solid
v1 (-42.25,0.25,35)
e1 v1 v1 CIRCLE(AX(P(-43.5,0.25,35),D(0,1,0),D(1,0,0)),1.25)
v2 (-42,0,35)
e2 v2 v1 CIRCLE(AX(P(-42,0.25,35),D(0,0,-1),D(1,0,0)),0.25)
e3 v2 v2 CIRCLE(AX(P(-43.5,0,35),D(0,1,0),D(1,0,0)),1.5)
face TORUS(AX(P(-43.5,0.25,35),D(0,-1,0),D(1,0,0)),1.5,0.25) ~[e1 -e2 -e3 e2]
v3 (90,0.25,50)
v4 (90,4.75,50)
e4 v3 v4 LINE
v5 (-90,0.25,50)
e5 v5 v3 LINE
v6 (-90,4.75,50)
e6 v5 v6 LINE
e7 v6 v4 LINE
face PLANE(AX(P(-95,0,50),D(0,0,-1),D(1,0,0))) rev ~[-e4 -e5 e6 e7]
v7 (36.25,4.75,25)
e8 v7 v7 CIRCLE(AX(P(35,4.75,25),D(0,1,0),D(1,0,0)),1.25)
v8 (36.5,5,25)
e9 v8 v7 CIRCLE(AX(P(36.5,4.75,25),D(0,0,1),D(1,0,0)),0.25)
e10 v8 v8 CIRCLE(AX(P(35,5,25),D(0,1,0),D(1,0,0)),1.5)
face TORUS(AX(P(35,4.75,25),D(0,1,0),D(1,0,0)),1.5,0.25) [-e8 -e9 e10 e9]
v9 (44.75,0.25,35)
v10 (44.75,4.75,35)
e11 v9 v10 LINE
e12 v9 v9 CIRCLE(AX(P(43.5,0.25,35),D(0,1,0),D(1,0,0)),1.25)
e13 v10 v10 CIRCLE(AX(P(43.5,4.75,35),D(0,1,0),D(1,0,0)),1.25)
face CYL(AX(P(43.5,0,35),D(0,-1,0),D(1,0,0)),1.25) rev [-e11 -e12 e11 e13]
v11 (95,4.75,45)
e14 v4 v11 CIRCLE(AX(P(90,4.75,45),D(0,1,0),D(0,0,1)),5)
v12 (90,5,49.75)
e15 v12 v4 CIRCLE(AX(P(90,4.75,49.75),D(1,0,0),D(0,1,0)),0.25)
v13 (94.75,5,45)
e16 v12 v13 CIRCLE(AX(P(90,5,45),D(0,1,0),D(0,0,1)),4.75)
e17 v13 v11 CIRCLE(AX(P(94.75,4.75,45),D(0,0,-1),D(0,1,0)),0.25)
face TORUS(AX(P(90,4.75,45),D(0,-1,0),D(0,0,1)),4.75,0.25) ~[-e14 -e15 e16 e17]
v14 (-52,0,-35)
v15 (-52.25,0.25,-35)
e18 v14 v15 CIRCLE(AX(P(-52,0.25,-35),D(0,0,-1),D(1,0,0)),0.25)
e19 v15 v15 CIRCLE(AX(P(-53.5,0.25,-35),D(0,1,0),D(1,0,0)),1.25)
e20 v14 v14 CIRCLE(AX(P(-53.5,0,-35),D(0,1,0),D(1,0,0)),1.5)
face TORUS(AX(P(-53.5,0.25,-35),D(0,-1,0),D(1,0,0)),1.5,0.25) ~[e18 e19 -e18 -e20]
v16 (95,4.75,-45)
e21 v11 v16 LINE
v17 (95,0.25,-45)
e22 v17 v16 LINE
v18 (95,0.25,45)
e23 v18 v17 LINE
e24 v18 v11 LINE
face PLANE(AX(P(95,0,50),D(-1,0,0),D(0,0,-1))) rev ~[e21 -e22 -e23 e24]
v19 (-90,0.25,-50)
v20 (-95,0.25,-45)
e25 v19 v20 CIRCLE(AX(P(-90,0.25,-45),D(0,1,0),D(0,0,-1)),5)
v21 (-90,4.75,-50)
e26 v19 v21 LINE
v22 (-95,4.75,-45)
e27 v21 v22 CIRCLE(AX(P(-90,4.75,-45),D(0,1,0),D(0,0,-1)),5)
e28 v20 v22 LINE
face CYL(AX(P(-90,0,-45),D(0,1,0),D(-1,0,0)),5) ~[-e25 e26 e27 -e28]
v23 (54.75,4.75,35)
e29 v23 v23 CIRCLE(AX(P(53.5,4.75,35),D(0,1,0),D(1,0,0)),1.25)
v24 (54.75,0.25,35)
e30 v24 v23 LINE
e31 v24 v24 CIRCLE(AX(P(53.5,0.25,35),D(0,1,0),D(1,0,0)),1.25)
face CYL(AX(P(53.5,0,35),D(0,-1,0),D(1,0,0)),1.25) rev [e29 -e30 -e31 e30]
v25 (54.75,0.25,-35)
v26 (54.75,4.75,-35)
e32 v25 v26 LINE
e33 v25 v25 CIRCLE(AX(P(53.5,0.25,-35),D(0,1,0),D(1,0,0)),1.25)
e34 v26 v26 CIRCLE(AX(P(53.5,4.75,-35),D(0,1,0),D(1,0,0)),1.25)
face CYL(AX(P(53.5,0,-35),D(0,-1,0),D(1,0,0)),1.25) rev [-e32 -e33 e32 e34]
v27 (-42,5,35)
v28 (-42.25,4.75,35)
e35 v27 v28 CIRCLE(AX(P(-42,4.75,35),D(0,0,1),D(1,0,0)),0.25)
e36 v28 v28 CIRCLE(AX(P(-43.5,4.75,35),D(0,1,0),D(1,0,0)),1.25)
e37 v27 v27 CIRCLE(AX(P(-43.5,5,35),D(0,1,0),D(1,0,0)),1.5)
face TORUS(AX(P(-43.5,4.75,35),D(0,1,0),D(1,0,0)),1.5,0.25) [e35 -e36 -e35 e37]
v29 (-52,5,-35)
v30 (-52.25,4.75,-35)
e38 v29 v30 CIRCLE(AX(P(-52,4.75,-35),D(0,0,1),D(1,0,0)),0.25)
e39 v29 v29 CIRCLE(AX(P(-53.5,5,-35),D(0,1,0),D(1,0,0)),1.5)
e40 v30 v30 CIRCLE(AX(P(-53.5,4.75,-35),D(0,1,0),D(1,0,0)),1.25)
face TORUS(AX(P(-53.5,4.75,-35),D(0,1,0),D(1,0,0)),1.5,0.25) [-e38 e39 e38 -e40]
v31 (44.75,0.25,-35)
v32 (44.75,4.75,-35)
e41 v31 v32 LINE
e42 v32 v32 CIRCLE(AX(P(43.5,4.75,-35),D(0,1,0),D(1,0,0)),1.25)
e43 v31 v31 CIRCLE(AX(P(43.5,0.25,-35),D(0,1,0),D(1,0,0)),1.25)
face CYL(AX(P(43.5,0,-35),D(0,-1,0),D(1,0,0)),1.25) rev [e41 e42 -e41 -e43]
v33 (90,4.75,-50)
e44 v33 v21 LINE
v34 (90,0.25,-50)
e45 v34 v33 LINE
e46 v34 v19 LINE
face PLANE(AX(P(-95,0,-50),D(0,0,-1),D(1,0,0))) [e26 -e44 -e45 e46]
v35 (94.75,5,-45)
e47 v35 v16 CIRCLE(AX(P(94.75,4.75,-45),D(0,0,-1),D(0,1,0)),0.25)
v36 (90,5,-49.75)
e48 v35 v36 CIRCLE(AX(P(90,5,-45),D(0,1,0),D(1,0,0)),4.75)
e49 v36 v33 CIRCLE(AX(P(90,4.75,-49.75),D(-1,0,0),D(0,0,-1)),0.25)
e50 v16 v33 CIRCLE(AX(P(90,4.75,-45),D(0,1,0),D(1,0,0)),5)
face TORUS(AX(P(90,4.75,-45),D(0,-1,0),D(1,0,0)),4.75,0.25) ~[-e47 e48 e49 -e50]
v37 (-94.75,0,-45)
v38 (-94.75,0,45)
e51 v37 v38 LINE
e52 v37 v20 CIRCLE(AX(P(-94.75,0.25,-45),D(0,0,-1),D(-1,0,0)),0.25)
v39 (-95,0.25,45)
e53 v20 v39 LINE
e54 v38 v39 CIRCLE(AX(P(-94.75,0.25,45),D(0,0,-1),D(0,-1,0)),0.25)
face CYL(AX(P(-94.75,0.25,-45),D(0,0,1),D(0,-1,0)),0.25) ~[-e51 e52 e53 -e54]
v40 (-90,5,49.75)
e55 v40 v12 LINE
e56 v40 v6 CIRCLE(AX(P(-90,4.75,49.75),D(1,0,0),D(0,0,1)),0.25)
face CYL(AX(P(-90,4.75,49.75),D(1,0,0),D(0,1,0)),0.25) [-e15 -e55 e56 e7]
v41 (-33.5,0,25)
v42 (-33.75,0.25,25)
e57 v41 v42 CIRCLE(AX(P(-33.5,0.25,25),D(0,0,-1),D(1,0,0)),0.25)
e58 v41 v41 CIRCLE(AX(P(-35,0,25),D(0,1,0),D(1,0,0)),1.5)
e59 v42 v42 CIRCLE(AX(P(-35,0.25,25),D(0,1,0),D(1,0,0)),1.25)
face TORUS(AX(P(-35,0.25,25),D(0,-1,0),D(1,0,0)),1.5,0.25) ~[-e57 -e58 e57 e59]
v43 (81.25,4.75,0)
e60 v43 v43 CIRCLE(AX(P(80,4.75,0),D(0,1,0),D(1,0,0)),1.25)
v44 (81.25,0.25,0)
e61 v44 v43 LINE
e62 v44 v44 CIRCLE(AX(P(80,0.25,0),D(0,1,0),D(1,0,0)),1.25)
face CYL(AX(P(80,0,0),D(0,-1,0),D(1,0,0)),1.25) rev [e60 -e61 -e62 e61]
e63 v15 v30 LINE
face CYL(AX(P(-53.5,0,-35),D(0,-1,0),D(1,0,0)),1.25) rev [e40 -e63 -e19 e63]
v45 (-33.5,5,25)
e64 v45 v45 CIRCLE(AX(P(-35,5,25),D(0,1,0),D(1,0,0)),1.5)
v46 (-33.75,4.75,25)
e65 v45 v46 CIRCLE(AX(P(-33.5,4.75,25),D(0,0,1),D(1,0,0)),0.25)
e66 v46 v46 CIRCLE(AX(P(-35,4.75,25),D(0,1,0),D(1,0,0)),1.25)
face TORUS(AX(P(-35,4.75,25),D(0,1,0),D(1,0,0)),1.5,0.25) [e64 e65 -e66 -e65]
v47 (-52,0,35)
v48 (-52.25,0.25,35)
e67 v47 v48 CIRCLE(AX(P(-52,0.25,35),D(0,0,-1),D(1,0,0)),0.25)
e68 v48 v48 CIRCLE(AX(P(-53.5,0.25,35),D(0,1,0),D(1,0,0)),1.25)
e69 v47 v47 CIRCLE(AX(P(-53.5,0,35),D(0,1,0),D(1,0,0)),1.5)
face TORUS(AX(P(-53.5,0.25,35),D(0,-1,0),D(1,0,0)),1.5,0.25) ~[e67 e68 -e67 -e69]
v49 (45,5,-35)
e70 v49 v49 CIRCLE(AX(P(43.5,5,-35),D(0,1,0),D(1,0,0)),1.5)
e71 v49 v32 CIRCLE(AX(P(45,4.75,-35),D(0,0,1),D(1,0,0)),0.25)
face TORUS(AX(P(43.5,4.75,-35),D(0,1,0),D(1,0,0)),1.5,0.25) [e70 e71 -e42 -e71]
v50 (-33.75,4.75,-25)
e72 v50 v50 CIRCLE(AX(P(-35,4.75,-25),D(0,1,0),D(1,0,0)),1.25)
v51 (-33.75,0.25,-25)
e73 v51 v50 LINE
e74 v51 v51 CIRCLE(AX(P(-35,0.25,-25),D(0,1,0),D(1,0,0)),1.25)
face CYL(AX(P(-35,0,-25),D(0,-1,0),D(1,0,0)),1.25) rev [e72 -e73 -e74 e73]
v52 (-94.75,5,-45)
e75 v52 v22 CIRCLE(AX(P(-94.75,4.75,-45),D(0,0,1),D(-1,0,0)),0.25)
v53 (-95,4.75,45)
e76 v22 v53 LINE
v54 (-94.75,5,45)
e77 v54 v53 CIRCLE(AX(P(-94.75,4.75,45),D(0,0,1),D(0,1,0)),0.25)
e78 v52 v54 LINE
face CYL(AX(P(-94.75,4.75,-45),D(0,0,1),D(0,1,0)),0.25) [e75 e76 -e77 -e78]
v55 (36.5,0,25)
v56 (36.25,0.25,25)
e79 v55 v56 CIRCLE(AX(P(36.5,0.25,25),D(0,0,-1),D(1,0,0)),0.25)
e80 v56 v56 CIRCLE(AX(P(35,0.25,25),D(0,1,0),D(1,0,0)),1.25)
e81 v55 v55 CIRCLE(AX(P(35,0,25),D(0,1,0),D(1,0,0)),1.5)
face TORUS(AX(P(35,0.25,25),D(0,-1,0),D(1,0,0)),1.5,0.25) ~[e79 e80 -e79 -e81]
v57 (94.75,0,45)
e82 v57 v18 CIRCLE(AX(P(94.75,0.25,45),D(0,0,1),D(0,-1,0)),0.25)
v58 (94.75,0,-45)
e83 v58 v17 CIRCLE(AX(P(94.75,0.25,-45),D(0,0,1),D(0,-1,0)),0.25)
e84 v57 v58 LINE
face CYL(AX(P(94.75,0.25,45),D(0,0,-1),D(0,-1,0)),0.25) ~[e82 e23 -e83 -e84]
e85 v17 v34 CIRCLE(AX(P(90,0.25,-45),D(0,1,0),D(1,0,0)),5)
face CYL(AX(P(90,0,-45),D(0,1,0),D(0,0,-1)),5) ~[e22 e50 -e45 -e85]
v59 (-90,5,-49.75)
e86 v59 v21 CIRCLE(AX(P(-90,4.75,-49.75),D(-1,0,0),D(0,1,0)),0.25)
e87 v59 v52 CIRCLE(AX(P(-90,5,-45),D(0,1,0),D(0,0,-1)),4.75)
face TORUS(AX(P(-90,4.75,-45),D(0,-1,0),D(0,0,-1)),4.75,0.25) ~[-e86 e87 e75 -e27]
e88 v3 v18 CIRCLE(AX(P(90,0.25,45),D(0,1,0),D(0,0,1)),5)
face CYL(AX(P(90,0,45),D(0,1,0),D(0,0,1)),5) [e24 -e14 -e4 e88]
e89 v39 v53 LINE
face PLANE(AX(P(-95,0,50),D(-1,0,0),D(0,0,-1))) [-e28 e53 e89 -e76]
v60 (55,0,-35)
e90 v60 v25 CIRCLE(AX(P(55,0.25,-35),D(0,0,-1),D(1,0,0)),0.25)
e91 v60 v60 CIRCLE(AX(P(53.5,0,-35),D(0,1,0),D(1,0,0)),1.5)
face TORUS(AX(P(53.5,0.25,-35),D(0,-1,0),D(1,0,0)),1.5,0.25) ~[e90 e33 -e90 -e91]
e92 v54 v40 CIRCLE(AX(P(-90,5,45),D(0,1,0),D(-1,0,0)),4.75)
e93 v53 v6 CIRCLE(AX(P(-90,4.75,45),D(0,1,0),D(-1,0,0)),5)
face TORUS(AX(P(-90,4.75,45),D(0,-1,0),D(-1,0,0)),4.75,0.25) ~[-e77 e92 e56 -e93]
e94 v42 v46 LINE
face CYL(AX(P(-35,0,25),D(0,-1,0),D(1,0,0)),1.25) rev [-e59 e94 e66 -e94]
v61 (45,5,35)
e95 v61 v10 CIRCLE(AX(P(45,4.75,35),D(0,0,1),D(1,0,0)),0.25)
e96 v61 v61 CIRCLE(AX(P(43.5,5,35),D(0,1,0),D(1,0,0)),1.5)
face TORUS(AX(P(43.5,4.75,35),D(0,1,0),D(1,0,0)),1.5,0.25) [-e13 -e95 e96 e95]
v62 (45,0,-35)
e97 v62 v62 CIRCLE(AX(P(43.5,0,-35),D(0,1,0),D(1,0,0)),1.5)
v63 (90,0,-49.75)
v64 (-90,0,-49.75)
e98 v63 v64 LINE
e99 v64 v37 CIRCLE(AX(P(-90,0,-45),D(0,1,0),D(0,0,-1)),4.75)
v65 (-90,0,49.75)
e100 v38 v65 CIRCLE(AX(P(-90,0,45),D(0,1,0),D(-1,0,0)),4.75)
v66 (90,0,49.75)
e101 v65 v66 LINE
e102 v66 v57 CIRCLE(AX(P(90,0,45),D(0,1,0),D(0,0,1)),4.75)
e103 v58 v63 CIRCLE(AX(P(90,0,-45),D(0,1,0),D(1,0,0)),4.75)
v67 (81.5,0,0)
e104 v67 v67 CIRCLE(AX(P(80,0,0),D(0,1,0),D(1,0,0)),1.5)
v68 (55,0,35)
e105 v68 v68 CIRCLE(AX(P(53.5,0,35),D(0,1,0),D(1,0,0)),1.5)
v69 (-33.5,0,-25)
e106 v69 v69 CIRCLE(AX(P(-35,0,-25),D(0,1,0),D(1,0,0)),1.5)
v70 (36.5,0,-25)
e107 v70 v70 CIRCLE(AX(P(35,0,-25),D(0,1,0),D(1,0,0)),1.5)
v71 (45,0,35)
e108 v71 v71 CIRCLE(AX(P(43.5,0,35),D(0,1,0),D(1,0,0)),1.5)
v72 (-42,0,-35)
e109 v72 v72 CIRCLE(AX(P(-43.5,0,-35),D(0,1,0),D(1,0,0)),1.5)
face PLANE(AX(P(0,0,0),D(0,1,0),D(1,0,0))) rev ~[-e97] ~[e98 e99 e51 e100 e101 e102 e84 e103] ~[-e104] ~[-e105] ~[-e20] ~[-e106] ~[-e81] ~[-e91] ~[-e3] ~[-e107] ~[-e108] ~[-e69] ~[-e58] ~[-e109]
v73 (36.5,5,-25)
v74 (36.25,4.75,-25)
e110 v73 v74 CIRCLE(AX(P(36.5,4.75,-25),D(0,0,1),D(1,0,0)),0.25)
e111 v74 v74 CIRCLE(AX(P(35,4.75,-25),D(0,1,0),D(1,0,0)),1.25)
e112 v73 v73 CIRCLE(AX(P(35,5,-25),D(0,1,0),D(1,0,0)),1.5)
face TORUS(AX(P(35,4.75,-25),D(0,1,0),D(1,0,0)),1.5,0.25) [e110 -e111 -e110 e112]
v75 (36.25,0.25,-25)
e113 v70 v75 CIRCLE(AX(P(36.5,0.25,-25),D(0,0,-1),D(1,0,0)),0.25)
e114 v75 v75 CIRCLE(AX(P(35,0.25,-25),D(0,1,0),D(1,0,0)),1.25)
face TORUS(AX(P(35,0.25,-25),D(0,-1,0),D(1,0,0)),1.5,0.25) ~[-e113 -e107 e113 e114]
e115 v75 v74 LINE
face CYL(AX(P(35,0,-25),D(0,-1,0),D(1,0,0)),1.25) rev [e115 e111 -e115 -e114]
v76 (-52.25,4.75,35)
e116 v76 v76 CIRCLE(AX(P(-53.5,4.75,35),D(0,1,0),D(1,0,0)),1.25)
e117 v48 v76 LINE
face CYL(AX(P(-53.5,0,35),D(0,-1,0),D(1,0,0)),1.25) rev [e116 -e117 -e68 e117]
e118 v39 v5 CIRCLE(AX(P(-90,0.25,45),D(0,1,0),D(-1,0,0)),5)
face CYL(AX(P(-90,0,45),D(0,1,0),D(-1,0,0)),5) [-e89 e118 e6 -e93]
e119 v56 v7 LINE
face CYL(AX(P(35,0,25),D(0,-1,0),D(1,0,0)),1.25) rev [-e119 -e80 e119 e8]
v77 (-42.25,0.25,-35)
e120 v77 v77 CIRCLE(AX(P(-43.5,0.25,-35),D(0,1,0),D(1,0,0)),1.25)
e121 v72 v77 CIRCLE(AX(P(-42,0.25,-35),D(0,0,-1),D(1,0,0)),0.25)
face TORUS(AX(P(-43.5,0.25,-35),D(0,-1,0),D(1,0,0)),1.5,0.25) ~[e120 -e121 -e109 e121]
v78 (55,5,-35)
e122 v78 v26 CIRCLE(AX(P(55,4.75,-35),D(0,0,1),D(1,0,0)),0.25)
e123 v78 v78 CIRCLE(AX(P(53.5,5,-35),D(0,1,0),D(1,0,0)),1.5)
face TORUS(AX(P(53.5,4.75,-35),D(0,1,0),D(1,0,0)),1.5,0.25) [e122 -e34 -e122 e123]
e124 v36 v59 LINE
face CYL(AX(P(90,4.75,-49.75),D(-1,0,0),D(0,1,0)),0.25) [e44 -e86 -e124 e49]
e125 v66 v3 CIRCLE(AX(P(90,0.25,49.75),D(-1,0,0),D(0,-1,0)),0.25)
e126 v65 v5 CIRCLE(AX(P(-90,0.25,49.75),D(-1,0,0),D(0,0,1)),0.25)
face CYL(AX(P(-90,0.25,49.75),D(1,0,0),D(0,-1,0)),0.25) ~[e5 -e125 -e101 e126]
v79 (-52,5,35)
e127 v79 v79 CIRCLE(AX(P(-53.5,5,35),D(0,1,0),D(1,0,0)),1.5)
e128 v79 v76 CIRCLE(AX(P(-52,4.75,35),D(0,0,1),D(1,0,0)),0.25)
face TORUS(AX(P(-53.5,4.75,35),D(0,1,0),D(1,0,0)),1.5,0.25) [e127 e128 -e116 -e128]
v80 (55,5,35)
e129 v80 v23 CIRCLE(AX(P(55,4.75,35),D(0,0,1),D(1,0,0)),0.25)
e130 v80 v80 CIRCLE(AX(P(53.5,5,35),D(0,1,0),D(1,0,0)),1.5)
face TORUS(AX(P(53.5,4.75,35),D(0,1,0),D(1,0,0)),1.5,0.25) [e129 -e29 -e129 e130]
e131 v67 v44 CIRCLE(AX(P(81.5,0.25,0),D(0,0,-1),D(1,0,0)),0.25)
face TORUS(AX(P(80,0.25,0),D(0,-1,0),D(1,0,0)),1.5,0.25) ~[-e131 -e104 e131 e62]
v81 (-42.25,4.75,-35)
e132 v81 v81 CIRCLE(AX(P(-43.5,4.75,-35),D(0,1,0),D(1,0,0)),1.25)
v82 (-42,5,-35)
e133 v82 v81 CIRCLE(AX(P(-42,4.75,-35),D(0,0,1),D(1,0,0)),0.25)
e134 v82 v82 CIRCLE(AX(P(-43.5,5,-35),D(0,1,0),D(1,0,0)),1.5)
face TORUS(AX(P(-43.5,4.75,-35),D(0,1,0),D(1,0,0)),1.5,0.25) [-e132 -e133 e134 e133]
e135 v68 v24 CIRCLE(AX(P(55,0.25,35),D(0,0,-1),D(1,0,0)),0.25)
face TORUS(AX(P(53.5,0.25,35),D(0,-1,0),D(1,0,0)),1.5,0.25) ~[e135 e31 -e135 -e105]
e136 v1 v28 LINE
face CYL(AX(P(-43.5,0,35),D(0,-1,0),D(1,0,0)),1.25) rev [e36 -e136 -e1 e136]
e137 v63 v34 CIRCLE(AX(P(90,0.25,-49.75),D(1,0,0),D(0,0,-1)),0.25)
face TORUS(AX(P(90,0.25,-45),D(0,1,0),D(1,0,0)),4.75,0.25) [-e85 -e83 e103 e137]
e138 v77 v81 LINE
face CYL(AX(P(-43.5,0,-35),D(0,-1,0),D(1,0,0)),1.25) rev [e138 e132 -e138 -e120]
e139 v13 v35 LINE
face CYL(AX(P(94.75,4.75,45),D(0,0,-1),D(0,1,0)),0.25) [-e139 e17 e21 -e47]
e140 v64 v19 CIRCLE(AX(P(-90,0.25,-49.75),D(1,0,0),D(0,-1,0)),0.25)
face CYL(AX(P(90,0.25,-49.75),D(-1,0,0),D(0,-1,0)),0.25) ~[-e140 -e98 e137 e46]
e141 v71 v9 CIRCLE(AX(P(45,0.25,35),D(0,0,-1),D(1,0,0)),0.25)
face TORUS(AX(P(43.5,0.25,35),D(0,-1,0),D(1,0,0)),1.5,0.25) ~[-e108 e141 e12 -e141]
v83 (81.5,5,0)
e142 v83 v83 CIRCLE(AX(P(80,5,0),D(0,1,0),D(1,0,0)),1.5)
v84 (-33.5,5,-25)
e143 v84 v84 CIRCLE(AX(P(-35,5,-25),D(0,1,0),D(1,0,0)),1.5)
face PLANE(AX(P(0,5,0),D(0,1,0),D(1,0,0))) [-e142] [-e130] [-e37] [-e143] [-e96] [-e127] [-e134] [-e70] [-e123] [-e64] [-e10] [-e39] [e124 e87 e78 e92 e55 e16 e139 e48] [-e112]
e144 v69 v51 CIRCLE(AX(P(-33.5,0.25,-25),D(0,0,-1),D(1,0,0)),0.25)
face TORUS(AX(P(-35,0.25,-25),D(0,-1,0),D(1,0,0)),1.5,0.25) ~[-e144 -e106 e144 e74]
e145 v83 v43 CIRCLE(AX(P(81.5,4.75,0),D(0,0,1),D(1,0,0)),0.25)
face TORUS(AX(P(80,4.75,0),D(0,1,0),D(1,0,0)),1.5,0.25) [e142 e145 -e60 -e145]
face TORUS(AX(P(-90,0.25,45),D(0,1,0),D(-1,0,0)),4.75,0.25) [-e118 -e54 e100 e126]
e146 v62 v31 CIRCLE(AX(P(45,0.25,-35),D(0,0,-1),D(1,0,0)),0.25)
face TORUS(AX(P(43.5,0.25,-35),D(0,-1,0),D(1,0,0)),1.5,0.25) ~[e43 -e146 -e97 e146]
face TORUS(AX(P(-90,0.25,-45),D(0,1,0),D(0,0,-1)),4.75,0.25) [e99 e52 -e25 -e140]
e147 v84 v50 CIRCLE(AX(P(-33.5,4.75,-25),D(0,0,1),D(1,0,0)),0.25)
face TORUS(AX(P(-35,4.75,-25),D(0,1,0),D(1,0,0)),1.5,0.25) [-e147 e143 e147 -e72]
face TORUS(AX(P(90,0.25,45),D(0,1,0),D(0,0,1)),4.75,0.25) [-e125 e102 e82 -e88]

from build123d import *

# Parameters (mm, degrees)
SKETCH1_W           = 190
SKETCH1_H           = 100
SKETCH1_R           = 1.25
BOSS_EXTRUDE1_DEPTH = 5
FILLET1_R           = 5
FILLET2_R           = 0.25


with BuildPart() as part:
    # Sketch1 → Boss-Extrude1 (new body)
    with BuildSketch(Plane(origin=(0, 0, 0), x_dir=(1, 0, 0), z_dir=(0, 1, 0))):
        Rectangle(SKETCH1_W, SKETCH1_H)
        with Locations((-35, 25)):
            Circle(SKETCH1_R, mode=Mode.SUBTRACT)
        with Locations((35, 25)):
            Circle(SKETCH1_R, mode=Mode.SUBTRACT)
        with Locations((-35, -25)):
            Circle(SKETCH1_R, mode=Mode.SUBTRACT)
        with Locations((35, -25)):
            Circle(SKETCH1_R, mode=Mode.SUBTRACT)
        with Locations((80, 0)):
            Circle(SKETCH1_R, mode=Mode.SUBTRACT)
        with Locations((-53.5, -35)):
            Circle(SKETCH1_R, mode=Mode.SUBTRACT)
        with Locations((-43.5, -35)):
            Circle(SKETCH1_R, mode=Mode.SUBTRACT)
        with Locations((-43.5, 35)):
            Circle(SKETCH1_R, mode=Mode.SUBTRACT)
        with Locations((-53.5, 35)):
            Circle(SKETCH1_R, mode=Mode.SUBTRACT)
        with Locations((43.5, -35)):
            Circle(SKETCH1_R, mode=Mode.SUBTRACT)
        with Locations((53.5, -35)):
            Circle(SKETCH1_R, mode=Mode.SUBTRACT)
        with Locations((43.5, 35)):
            Circle(SKETCH1_R, mode=Mode.SUBTRACT)
        with Locations((53.5, 35)):
            Circle(SKETCH1_R, mode=Mode.SUBTRACT)
    extrude(amount=BOSS_EXTRUDE1_DEPTH)

    # Fillet1
    fillet1_edges = [part.edges().sort_by_distance(p)[0] for p in [
        (95, 2.5, 50),
        (-95, 2.5, 50),
        (-95, 2.5, -50),
        (95, 2.5, -50),
    ]]
    fillet(fillet1_edges, radius=FILLET1_R)

    # Fillet2
    fillet2_edges = [part.edges().sort_by_distance(p)[0] for p in [
        (-36.25, 0, -25),
        (-36.25, 5, -25),
        (33.75, 0, -25),
        (33.75, 5, -25),
        (-36.25, 0, 25),
        (-36.25, 5, 25),
        (33.75, 0, 25),
        (33.75, 5, 25),
        (78.75, 0, 0),
        (78.75, 5, 0),
        (-54.75, 0, 35),
        (-54.75, 5, 35),
        (-44.75, 0, 35),
        (-44.75, 5, 35),
        (-44.75, 0, -35),
        (-44.75, 5, -35),
        (-54.75, 0, -35),
        (-54.75, 5, -35),
        (42.25, 0, 35),
        (42.25, 5, 35),
        (52.25, 0, 35),
        (52.25, 5, 35),
        (42.25, 0, -35),
        (42.25, 5, -35),
        (52.25, 0, -35),
        (52.25, 5, -35),
        (95, 0, 0),
        (95, 5, 0),
        (0, 0, 50),
        (-95, 0, 0),
        (0, 0, -50),
        (-93.535533906, 0, 48.535533906),
        (93.535533906, 0, -48.535533906),
        (-93.535533906, 0, -48.535533906),
        (93.535533906, 0, 48.535533906),
        (0, 5, 50),
        (0, 5, -50),
        (-95, 5, 0),
        (-93.535533906, 5, 48.535533906),
        (93.535533906, 5, -48.535533906),
        (-93.535533906, 5, -48.535533906),
        (93.535533906, 5, 48.535533906),
    ]]
    fillet(fillet2_edges, radius=FILLET2_R)


solid = part.part
